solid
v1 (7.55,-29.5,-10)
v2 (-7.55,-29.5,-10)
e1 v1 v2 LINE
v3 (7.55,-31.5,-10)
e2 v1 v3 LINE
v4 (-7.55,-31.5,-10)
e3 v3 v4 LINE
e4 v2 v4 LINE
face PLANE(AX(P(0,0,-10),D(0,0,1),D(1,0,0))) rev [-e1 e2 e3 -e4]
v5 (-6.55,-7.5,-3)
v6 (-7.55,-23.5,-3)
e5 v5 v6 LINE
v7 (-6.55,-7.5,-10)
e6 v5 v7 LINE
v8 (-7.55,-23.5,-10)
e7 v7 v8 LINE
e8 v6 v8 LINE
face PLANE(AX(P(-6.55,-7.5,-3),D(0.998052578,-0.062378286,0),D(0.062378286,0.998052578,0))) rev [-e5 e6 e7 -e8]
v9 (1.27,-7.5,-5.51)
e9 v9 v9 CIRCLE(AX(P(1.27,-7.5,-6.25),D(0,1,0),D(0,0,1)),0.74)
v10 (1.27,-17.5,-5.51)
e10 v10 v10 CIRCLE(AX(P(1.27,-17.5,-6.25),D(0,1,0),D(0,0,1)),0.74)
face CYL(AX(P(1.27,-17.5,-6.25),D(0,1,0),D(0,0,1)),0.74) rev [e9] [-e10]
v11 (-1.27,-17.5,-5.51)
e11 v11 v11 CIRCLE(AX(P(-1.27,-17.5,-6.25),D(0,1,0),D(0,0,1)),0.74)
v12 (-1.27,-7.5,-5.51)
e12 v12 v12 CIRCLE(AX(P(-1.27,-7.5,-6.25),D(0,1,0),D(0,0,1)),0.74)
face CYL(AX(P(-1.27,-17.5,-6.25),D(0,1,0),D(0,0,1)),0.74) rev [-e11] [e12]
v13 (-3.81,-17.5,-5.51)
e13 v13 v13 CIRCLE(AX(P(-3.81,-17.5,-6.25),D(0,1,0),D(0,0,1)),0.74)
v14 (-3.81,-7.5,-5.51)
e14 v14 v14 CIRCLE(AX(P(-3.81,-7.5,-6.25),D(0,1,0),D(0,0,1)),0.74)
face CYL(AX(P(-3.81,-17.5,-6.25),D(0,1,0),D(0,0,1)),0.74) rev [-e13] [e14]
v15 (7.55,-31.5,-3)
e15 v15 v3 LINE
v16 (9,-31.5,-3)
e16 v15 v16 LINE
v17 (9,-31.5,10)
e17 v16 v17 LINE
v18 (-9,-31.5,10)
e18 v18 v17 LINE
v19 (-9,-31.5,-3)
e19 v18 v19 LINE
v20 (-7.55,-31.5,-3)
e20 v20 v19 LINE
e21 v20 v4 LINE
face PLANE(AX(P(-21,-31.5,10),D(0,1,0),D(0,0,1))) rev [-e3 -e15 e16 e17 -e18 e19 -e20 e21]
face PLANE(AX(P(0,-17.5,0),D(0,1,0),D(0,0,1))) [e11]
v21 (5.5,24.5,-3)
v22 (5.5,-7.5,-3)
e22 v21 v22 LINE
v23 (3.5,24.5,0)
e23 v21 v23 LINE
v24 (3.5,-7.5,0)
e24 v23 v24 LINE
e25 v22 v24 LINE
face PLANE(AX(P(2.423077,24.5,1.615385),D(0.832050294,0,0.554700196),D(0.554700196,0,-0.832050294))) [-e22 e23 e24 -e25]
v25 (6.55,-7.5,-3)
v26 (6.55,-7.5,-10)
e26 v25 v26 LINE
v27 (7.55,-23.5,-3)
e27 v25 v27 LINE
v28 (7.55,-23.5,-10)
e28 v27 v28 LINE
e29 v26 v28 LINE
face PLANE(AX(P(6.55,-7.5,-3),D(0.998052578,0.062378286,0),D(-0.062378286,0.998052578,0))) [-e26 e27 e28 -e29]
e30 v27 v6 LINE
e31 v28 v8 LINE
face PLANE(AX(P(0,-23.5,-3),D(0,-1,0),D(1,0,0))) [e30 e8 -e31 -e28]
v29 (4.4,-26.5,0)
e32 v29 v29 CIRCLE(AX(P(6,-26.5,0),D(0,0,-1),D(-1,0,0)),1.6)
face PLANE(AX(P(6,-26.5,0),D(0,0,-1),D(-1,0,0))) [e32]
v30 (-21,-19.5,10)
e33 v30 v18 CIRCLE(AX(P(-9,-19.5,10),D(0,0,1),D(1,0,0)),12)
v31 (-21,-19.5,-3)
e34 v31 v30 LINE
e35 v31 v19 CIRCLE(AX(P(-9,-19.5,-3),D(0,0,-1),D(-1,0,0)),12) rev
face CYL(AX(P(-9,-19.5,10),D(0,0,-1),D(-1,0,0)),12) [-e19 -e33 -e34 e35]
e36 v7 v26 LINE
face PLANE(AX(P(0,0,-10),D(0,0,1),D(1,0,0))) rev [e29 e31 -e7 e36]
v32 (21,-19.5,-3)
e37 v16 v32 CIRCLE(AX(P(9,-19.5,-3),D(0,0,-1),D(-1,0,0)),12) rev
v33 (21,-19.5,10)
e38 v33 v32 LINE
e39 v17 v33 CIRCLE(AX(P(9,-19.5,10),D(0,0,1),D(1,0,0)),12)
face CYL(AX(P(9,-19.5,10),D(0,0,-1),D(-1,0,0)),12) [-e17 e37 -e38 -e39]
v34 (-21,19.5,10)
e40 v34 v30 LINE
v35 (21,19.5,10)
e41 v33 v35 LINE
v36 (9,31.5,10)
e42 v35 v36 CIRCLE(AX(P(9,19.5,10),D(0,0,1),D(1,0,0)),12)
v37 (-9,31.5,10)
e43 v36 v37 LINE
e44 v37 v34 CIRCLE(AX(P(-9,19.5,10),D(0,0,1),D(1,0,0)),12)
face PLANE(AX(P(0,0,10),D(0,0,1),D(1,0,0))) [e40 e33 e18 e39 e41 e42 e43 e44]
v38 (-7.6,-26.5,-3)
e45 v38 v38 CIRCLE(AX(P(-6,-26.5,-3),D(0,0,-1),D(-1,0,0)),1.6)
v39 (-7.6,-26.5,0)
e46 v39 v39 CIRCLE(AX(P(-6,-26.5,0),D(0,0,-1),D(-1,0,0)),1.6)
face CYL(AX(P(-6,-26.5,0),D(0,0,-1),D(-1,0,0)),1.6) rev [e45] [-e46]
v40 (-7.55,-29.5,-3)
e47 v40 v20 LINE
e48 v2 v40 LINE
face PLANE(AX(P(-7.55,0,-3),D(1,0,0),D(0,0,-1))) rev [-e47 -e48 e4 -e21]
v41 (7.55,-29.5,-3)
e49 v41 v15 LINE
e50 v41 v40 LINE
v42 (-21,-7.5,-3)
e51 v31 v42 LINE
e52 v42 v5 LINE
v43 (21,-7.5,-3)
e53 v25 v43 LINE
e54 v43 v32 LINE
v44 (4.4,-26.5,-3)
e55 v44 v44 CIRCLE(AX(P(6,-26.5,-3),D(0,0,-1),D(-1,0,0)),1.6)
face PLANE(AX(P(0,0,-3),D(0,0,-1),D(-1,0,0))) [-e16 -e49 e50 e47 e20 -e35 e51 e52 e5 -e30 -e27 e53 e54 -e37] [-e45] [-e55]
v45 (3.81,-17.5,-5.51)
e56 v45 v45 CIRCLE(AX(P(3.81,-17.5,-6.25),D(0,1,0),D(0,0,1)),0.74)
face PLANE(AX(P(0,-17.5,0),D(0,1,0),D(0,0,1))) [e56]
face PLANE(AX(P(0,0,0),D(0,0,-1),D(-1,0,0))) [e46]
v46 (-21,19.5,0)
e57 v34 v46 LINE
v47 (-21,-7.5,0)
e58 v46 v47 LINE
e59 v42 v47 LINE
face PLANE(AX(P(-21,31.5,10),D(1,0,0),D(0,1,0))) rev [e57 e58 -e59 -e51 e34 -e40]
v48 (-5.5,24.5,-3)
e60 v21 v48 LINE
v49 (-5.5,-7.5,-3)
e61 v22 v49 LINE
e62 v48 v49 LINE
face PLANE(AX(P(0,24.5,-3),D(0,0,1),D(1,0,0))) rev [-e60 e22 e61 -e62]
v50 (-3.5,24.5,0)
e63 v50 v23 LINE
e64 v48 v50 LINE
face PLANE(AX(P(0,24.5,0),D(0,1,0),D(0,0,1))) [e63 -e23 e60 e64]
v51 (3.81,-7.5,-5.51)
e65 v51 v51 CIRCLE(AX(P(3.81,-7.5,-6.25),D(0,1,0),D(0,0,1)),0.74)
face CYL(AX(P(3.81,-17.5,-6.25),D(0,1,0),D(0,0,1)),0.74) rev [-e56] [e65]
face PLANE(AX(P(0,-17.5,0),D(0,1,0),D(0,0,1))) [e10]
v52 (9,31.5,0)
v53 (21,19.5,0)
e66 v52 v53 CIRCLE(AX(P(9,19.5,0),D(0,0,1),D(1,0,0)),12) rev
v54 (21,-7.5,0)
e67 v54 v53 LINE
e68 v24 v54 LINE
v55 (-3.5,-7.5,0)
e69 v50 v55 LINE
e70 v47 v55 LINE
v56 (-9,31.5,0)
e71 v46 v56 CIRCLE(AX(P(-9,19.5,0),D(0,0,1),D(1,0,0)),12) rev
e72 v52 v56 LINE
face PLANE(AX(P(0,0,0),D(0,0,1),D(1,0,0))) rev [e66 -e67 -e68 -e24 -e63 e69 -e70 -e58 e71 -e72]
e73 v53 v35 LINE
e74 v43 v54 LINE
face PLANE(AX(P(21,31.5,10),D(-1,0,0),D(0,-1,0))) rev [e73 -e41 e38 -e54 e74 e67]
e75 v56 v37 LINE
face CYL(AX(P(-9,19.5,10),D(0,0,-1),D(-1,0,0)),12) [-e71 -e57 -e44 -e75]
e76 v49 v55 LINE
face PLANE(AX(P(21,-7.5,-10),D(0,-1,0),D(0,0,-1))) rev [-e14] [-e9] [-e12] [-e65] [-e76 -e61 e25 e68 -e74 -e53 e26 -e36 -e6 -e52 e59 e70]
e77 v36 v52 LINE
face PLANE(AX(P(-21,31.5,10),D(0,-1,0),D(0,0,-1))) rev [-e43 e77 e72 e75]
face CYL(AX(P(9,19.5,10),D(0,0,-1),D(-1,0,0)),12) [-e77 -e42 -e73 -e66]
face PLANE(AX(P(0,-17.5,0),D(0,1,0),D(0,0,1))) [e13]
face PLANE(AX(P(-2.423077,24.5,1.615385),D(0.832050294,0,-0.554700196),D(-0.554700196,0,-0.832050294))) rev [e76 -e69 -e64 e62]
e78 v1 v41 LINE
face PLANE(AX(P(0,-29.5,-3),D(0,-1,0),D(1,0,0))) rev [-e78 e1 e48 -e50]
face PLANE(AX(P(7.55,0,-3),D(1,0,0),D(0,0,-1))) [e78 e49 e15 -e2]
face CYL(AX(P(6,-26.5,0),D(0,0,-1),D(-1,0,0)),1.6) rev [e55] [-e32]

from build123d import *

# Parameters (mm, degrees)
SKETCH_2_W           = 42
SKETCH_2_H           = 63
EXTRUDE_1_DEPTH      = 10
SKETCH_3_W           = 42
SKETCH_3_H           = 24
EXTRUDE_2_DEPTH      = 10
EXTRUDE_3_DEPTH      = 32
SKETCH_5_R           = 0.74
CUT_EXTRUDE_1_DEPTH  = 10
CUT_EXTRUDE_2_DEPTH  = 7
SKETCH_8_R           = 1.6
CUT_EXTRUDE_4_DEPTH  = 3
FILLET_6_R           = 12
CUT_EXTRUDE_21_DEPTH = 7


with BuildPart() as part:
    # 草图2 → 凸台-拉伸1 (new body)
    with BuildSketch(Plane.XY):
        Rectangle(SKETCH_2_W, SKETCH_2_H)
    extrude(amount=EXTRUDE_1_DEPTH)

    # 草图3 → 凸台-拉伸2 (add)
    with BuildSketch(Plane(origin=(0, 0, 0), x_dir=(-1, 0, 0), z_dir=(0, 0, -1))):
        with Locations((0, -19.5)):
            Rectangle(SKETCH_3_W, SKETCH_3_H)
    extrude(amount=EXTRUDE_2_DEPTH)

    # 草图4 → 凸台-拉伸3 (add)
    with BuildSketch(Plane(origin=(0, -7.5, 0), x_dir=(1, 0, 0), z_dir=(0, 1, 0))):
        Polygon((3.5, 0), (5.5, 3), (-5.5, 3), (-3.5, 0), align=None)
    extrude(amount=EXTRUDE_3_DEPTH)

    # 草图5 → 切除-拉伸1 (cut)
    with BuildSketch(Plane(origin=(0, -7.5, 0), x_dir=(1, 0, 0), z_dir=(0, 1, 0))):
        with Locations((-3.81, 6.25)):
            Circle(SKETCH_5_R)
        with Locations((-1.27, 6.25)):
            Circle(SKETCH_5_R)
        with Locations((3.81, 6.25)):
            Circle(SKETCH_5_R)
        with Locations((1.27, 6.25)):
            Circle(SKETCH_5_R)
    extrude(amount=-CUT_EXTRUDE_1_DEPTH, mode=Mode.SUBTRACT)

    # 草图6 → 切除-拉伸2 (cut)
    with BuildSketch(Plane(origin=(0, 0, -10), x_dir=(-1, 0, 0), z_dir=(0, 0, -1))):
        with BuildLine():
            Line((-9.55, -19.5), (-9.55, -7.5))
            Line((-9.55, -7.5), (-21, -7.5))
            Line((-21, -7.5), (-21, -17.5))
            Line((-21, -17.5), (-19, -17.5))
            Line((-19, -17.5), (-19, -21.5))
            ThreePointArc((-19, -21.5), (-16.656854249, -27.156854249), (-11, -29.5))
            Line((-11, -29.5), (11, -29.5))
            ThreePointArc((11, -29.5), (16.656854249, -27.156854249), (19, -21.5))
            Line((19, -21.5), (19, -17.5))
            Line((19, -17.5), (21, -17.5))
            Line((21, -17.5), (21, -7.5))
            Line((21, -7.5), (9.55, -7.5))
            Line((9.55, -7.5), (9.55, -19.5))
            ThreePointArc((9.55, -19.5), (12.378427125, -20.671572875), (13.55, -23.5))
            ThreePointArc((13.55, -23.5), (11.55, -25.5), (9.55, -23.5))
            Line((9.55, -23.5), (-9.55, -23.5))
            ThreePointArc((-9.55, -23.5), (-11.55, -25.5), (-13.55, -23.5))
            ThreePointArc((-13.55, -23.5), (-12.378427125, -20.671572875), (-9.55, -19.5))
        make_face()
    extrude(amount=-CUT_EXTRUDE_2_DEPTH, mode=Mode.SUBTRACT)

    # 草图8 → 切除-拉伸4 (cut)
    with BuildSketch(Plane(origin=(0, 0, -3), x_dir=(-1, 0, 0), z_dir=(0, 0, -1))):
        with Locations((6, -26.5)):
            Circle(SKETCH_8_R)
        with Locations((-6, -26.5)):
            Circle(SKETCH_8_R)
    extrude(amount=-CUT_EXTRUDE_4_DEPTH, mode=Mode.SUBTRACT)

    # 圆角6
    fillet_6_edges = [part.edges().sort_by_distance(p)[0] for p in [
        (21, -31.5, 0),
        (-21, -31.5, 0),
        (-21, 31.5, 5),
        (21, 31.5, 5),
    ]]
    fillet(fillet_6_edges, radius=FILLET_6_R)

    # 草图43 → 切除-拉伸21 (cut)
    with BuildSketch(Plane(origin=(0, 0, -10), x_dir=(-1, 0, 0), z_dir=(0, 0, -1))):
        Polygon((6.55, -7.5), (7.55, -23.5), (7.55, -31.5), (21, -31.5), (21, -7.5), align=None)
        Polygon((-7.55, -31.5), (-7.55, -23.5), (-6.55, -7.5), (-21, -7.5), (-21, -31.5), align=None)
    extrude(amount=-CUT_EXTRUDE_21_DEPTH, mode=Mode.SUBTRACT)


solid = part.part
